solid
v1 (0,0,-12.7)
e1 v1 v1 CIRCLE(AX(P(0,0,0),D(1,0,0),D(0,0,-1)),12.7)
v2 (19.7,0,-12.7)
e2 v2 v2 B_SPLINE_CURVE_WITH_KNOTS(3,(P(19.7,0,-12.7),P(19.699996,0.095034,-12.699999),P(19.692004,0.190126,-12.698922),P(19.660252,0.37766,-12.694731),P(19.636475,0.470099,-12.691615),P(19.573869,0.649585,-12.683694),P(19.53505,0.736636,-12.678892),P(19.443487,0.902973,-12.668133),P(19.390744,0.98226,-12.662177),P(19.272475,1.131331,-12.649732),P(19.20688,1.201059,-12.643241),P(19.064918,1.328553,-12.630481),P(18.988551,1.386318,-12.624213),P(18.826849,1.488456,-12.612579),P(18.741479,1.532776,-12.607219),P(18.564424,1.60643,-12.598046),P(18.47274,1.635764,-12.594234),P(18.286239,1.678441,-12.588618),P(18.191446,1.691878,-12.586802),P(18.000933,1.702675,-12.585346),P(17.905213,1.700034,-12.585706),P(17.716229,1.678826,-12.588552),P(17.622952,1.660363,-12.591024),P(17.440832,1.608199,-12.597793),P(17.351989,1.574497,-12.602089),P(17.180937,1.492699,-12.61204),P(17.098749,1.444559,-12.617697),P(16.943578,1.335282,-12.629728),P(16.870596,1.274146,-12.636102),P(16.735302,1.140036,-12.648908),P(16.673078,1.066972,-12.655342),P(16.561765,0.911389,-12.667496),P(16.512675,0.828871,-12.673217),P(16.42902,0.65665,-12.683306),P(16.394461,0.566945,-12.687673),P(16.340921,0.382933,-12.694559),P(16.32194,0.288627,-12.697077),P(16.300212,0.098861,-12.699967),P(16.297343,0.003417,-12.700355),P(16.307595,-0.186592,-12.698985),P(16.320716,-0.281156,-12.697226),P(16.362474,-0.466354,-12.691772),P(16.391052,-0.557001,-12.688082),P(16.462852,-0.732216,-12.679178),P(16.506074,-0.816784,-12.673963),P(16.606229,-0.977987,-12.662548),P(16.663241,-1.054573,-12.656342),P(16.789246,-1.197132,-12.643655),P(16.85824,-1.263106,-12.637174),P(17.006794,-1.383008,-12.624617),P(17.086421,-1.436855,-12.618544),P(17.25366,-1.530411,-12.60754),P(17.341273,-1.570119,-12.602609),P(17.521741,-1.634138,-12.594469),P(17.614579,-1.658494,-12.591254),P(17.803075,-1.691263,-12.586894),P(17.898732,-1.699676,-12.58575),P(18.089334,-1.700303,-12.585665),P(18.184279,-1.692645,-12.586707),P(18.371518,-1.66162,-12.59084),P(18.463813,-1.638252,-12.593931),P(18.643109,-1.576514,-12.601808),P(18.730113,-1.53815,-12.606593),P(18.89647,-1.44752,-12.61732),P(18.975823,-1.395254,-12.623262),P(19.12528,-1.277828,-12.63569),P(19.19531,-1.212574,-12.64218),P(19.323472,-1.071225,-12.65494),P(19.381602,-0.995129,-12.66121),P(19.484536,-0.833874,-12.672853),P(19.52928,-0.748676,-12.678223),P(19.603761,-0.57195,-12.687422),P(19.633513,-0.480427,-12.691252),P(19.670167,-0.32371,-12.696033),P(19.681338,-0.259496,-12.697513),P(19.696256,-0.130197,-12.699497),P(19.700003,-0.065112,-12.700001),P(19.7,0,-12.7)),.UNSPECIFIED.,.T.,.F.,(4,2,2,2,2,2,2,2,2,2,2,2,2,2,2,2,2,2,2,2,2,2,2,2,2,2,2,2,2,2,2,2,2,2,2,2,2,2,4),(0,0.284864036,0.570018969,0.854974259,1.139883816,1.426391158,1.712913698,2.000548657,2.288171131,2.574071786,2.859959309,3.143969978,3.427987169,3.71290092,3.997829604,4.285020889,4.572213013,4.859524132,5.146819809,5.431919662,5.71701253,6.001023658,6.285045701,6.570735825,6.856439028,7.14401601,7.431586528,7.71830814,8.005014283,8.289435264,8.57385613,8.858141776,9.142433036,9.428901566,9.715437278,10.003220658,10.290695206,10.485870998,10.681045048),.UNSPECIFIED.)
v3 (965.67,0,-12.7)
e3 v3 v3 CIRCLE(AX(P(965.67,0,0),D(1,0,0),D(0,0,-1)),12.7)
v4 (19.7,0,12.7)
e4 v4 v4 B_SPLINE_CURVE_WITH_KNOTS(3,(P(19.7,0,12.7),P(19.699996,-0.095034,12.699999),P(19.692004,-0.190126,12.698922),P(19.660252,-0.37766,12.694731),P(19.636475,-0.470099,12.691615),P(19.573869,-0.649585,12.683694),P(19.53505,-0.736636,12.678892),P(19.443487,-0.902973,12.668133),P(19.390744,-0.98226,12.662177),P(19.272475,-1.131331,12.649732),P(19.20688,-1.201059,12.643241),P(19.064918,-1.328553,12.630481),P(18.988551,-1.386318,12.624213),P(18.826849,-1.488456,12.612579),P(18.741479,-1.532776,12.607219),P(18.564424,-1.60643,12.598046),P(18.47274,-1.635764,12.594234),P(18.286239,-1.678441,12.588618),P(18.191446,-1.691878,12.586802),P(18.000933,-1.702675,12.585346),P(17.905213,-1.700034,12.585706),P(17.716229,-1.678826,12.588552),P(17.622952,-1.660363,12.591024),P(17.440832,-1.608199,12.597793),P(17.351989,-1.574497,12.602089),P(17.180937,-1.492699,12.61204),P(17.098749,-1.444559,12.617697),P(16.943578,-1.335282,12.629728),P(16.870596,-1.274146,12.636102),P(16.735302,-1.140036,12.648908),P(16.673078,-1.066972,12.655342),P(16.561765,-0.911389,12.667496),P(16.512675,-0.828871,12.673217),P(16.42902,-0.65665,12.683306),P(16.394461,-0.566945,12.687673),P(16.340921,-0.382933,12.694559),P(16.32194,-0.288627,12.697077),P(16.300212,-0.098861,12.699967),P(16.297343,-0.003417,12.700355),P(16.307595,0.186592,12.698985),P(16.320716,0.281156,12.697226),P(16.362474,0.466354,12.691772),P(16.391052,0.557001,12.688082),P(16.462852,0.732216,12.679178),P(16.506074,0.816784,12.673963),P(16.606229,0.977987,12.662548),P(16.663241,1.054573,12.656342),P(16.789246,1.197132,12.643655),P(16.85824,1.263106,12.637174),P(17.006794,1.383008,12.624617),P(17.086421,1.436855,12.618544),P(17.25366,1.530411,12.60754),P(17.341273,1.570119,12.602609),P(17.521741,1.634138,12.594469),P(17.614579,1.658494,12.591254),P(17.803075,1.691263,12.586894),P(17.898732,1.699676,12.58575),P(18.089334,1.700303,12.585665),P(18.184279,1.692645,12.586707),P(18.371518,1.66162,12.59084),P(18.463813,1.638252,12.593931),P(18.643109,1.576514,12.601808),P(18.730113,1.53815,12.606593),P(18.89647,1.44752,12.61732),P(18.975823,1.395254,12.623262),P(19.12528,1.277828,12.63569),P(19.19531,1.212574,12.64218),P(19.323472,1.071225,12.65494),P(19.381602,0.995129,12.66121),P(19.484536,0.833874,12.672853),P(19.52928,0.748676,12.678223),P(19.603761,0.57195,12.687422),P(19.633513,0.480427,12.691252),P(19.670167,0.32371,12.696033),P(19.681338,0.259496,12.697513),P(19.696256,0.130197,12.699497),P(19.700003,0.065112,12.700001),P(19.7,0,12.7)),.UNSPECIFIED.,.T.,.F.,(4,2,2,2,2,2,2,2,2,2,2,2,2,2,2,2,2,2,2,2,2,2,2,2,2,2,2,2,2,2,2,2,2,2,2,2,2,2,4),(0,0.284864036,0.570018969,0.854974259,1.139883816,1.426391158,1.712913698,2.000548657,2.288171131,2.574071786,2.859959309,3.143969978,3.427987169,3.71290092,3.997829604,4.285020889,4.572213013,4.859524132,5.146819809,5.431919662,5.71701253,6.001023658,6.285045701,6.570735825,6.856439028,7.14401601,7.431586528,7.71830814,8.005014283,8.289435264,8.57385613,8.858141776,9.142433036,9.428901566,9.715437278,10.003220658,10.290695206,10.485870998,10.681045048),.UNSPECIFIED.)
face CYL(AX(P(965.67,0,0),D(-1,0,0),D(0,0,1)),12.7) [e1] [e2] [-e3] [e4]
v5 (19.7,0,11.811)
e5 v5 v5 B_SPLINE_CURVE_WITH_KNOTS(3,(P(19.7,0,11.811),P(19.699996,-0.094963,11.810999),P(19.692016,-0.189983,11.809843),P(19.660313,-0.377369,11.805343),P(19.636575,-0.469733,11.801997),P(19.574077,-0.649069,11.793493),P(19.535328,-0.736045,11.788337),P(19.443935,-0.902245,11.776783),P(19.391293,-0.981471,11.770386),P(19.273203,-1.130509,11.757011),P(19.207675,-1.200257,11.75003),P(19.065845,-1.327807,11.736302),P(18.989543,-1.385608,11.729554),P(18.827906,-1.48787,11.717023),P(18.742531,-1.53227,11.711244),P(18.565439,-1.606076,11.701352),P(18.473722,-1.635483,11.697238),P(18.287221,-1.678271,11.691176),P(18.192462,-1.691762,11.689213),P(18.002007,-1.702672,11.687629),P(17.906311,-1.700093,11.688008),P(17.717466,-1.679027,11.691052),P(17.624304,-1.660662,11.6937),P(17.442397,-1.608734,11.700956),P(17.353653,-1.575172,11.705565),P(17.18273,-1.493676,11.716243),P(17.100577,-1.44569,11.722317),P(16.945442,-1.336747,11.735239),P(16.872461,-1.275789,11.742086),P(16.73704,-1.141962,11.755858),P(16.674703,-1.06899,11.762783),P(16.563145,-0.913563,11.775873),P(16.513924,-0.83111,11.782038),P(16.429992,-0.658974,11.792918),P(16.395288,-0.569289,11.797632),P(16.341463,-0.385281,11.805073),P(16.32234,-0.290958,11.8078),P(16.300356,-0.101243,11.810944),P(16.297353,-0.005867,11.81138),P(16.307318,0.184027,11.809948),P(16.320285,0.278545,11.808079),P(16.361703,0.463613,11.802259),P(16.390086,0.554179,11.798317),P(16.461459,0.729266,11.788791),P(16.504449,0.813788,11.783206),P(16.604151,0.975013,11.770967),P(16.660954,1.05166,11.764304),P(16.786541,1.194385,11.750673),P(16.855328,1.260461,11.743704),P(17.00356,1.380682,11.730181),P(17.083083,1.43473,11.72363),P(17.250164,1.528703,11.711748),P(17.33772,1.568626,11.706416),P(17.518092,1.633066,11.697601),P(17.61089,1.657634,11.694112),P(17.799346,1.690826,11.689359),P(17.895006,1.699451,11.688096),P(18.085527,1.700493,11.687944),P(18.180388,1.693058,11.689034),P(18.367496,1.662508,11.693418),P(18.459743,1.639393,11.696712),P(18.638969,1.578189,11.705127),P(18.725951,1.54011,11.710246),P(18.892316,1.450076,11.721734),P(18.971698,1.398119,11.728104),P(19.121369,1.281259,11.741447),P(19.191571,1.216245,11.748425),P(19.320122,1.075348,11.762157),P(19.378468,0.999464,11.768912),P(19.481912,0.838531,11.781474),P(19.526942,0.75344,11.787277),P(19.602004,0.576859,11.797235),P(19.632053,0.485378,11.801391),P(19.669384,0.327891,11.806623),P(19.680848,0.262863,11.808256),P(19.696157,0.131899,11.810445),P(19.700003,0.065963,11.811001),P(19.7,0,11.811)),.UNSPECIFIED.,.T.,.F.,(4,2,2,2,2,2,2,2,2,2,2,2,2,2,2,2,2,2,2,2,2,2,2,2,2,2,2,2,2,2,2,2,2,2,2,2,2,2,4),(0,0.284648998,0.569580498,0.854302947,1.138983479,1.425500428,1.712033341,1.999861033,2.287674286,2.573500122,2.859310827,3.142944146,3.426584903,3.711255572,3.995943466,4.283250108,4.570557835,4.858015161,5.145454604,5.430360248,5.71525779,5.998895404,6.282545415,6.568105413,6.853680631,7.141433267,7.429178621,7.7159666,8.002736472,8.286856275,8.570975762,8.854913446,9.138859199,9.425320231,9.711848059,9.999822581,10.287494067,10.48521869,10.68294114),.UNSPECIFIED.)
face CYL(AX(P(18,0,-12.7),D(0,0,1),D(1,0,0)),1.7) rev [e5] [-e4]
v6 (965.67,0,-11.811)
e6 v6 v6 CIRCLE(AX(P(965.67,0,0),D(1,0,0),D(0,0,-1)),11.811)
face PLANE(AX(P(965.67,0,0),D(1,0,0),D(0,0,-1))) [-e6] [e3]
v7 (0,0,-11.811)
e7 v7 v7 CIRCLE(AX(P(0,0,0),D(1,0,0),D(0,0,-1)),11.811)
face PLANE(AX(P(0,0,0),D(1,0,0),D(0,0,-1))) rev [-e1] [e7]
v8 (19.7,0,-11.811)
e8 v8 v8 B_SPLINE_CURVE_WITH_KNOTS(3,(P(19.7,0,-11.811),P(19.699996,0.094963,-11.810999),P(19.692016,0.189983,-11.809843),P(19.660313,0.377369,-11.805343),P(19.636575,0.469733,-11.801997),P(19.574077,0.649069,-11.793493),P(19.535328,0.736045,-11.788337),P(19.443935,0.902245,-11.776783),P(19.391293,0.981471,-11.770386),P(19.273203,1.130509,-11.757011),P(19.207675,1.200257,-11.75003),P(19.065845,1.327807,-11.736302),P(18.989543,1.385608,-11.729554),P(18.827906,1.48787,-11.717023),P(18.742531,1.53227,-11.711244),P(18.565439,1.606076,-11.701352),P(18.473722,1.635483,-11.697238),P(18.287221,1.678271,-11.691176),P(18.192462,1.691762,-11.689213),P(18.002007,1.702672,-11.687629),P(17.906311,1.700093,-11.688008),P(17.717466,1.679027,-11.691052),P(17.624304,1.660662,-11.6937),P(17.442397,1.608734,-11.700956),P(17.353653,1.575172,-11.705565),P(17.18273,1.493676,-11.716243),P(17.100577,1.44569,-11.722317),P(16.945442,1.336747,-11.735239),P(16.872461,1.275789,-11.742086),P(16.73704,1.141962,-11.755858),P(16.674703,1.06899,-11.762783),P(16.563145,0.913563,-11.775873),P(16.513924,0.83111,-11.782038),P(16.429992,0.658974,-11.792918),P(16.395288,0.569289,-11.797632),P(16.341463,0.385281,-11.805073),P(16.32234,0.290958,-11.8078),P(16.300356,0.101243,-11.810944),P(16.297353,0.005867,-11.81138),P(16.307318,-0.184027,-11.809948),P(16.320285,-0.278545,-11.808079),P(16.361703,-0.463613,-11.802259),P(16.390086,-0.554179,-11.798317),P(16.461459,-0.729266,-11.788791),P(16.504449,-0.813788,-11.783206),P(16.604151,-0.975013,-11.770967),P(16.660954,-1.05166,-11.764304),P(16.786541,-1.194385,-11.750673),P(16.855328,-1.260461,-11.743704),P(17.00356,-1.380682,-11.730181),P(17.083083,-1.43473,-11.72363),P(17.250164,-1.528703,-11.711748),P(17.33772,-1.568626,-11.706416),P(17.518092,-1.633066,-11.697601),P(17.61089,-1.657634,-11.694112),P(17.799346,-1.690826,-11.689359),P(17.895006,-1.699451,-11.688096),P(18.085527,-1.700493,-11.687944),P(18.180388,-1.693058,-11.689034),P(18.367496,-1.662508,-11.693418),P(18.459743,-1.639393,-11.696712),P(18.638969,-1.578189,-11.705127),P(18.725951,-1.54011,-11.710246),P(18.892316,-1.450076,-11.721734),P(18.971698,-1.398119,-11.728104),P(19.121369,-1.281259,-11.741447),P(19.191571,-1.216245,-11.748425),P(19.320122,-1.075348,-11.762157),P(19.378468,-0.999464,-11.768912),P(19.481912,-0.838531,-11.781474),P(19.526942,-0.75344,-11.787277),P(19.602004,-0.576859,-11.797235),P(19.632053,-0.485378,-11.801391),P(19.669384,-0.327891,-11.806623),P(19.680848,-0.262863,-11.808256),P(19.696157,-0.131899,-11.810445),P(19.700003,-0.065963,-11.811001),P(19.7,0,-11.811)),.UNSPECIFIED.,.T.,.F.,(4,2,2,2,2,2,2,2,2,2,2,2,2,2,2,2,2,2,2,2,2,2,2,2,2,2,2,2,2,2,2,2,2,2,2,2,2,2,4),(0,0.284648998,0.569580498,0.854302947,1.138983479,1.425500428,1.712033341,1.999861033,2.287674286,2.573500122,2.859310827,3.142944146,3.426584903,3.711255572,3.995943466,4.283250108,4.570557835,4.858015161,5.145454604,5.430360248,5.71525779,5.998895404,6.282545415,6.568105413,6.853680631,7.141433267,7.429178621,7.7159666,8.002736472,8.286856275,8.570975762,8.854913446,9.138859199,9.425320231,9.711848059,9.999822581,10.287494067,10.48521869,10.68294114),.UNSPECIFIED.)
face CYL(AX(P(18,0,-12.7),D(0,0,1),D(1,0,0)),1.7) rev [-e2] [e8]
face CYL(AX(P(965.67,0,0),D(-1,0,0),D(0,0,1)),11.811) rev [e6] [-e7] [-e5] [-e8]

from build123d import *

# Parameters (mm, degrees)
SKETCH1_R               = 12.7
SKETCH1_R_2             = 11.811
BOSS_EXTRUDE1_DEPTH     = 965.67
CUT_EXTRUDE1_DEPTH      = 966.83700949
CUT_EXTRUDE1_DEPTH_BACK = 966.83700949
SKETCH2_R               = 1.7


with BuildPart() as part:
    # Sketch1 → Boss-Extrude1 (new body)
    with BuildSketch(Plane(origin=(0, 0, 0), x_dir=(0, 0, -1), z_dir=(1, 0, 0))):
        Circle(SKETCH1_R)
        Circle(SKETCH1_R_2, mode=Mode.SUBTRACT)
    extrude(amount=BOSS_EXTRUDE1_DEPTH)

    # Sketch2 → Cut-Extrude1 (cut, two sides: drawn at the far end of the back side and taken through both)
    with BuildSketch(Plane.XY.offset(-CUT_EXTRUDE1_DEPTH_BACK)):
        with Locations((18, 0)):
            Circle(SKETCH2_R)
    extrude(amount=CUT_EXTRUDE1_DEPTH + CUT_EXTRUDE1_DEPTH_BACK, mode=Mode.SUBTRACT)


solid = part.part
